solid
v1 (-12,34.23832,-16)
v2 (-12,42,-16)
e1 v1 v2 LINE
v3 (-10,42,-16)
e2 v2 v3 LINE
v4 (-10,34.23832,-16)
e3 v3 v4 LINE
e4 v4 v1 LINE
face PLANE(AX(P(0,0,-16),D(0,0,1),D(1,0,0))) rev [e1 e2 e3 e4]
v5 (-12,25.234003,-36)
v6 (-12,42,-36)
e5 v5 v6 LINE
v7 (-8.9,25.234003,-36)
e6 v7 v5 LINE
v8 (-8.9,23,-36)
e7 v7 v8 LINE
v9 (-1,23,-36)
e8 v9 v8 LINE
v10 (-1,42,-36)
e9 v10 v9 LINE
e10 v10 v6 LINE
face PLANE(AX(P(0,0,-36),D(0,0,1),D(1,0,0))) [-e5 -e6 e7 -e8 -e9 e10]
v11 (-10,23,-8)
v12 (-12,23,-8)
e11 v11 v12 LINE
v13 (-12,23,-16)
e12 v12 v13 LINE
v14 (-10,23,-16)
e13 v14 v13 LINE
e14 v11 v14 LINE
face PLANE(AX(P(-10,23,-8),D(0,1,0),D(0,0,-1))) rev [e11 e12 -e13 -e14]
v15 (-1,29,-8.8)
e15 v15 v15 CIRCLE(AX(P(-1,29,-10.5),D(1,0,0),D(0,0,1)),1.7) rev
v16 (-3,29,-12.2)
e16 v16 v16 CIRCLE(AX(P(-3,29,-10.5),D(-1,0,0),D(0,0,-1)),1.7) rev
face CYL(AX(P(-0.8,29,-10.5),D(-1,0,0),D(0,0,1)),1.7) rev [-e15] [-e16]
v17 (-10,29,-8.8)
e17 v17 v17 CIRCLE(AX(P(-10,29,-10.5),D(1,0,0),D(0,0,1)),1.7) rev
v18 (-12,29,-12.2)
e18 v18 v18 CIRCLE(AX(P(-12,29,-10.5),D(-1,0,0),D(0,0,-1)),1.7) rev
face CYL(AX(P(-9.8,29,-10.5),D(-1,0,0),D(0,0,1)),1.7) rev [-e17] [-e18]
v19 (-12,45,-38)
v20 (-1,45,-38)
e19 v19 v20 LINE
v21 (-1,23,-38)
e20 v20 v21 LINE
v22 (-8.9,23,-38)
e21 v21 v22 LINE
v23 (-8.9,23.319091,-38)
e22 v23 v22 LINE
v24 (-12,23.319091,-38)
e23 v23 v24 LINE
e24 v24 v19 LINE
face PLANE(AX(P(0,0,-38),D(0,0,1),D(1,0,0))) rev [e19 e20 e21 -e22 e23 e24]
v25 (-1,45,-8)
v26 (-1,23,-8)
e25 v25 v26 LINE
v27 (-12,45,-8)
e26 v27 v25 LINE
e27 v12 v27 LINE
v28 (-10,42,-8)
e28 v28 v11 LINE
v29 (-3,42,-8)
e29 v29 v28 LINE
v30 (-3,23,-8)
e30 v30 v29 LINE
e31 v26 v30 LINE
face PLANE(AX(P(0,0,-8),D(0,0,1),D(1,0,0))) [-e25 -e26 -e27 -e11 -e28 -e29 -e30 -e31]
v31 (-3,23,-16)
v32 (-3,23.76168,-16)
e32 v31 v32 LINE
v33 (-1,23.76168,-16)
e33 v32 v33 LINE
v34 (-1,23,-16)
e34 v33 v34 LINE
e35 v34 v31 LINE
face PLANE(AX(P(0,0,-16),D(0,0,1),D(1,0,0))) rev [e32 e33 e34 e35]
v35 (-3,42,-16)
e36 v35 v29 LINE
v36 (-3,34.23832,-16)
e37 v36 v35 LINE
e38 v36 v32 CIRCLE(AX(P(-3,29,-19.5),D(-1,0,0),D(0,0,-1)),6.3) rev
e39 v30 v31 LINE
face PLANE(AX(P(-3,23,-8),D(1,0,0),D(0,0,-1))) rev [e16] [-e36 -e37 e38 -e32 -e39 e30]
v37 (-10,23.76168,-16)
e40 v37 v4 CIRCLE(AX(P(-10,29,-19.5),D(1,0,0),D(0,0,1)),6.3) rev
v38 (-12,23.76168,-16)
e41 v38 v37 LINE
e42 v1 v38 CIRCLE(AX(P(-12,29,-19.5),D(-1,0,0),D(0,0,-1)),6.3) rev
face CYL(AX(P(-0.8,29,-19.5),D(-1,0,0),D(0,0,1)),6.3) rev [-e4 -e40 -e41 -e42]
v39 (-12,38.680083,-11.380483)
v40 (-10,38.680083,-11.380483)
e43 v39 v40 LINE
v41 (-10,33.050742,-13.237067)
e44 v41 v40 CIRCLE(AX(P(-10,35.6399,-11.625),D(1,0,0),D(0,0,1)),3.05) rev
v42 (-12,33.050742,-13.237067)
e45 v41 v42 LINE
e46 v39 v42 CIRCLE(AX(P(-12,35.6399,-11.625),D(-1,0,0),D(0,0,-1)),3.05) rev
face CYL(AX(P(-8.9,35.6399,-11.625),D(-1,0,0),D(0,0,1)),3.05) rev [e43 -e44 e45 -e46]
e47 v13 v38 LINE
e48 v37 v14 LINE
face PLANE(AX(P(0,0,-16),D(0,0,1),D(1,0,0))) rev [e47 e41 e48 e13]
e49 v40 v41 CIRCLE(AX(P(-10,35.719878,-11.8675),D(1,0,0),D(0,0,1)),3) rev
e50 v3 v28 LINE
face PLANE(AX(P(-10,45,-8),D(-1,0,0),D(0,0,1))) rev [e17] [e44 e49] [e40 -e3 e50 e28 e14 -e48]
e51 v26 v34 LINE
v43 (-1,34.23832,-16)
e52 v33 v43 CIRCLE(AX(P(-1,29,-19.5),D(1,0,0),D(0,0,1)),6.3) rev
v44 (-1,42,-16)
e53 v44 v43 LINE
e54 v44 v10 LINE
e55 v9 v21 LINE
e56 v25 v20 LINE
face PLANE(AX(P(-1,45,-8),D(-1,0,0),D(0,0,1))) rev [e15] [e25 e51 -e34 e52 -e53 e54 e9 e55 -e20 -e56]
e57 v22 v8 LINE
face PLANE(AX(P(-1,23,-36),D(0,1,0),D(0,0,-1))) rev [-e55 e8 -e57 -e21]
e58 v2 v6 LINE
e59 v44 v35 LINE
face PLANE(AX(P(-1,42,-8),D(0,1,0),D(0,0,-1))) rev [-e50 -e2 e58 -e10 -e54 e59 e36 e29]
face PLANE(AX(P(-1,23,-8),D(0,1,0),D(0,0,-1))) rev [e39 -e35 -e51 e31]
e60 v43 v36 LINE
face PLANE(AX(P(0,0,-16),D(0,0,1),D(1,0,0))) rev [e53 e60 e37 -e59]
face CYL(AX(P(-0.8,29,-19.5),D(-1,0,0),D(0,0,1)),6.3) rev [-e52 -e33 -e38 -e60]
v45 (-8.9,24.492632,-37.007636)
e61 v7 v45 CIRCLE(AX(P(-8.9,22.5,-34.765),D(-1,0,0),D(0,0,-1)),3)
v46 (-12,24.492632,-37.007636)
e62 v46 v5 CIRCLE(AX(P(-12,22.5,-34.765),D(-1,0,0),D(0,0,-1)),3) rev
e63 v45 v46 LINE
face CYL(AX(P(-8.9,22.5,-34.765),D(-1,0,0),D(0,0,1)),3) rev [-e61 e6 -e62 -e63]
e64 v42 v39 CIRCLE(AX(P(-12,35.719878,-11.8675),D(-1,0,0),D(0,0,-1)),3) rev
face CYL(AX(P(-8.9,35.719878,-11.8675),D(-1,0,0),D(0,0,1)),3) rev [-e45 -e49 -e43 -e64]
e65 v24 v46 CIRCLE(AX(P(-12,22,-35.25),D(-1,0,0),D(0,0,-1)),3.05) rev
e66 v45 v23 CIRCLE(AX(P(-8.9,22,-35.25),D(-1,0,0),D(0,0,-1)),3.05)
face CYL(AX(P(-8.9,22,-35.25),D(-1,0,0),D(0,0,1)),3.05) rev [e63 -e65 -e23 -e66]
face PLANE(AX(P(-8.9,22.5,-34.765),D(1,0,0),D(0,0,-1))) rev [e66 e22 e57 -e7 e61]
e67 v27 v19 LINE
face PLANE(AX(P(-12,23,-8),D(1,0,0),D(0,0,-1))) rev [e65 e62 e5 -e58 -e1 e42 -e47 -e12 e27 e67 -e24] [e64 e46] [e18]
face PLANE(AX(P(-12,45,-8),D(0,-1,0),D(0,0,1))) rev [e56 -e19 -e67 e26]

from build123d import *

# Parameters (mm, degrees)
REAR_LOCK_EAR_SKETCH_W             = 2
REAR_LOCK_EAR_SKETCH_H             = 22
REAR_LOCK_EAR_DEPTH                = 8
LOCK_FORK_WEB_SKETCH_W             = 11
LOCK_FORK_WEB_SKETCH_H             = 3
LOCK_FORK_WEB_DEPTH                = 30
FRONT_LOCK_EAR_SKETCH_W            = 2
FRONT_LOCK_EAR_SKETCH_H            = 22
FRONT_LOCK_EAR_DEPTH               = 8
FORK_MOUNTING_FOOT_SKETCH_W        = 11
FORK_MOUNTING_FOOT_SKETCH_H        = 22
FORK_MOUNTING_FOOT_DEPTH           = 2
COUPLING_BARREL_CLEARANCE_SKETCH_R = 6.3
COUPLING_BARREL_CLEARANCE_DEPTH    = 11.3
SERVICE_PIN_CLEARANCE_1_SKETCH_R   = 1.7
SERVICE_PIN_CLEARANCE_1_DEPTH      = 2.3
SERVICE_PIN_CLEARANCE_2_SKETCH_R   = 1.7
SERVICE_PIN_CLEARANCE_2_DEPTH      = 2.3
MOTOR_HEAD_ACCESS_1_1_SKETCH_R     = 3
MOTOR_HEAD_ACCESS_1_1_DEPTH        = 3.2
MOTOR_HEAD_ACCESS_1_5_SKETCH_R     = 3
MOTOR_HEAD_ACCESS_1_5_DEPTH        = 3.2
MOTOR_HEAD_ACCESS_2_1_SKETCH_R     = 3.05
MOTOR_HEAD_ACCESS_2_1_DEPTH        = 3.2
MOTOR_HEAD_ACCESS_2_5_SKETCH_R     = 3.05
MOTOR_HEAD_ACCESS_2_5_DEPTH        = 3.2


with BuildPart() as part:
    # Rear lock ear sketch → Rear lock ear (new body)
    with BuildSketch(Plane.XY.offset(-16)):
        with Locations((-11, -34)):
            Rectangle(REAR_LOCK_EAR_SKETCH_W, REAR_LOCK_EAR_SKETCH_H)
    extrude(amount=REAR_LOCK_EAR_DEPTH)

    # Lock fork web sketch → Lock fork web (add)
    with BuildSketch(Plane.XY.offset(-38)):
        with Locations((-6.5, -43.5)):
            Rectangle(LOCK_FORK_WEB_SKETCH_W, LOCK_FORK_WEB_SKETCH_H)
    extrude(amount=LOCK_FORK_WEB_DEPTH)

    # Front lock ear sketch → Front lock ear (add)
    with BuildSketch(Plane.XY.offset(-16)):
        with Locations((-2, -34)):
            Rectangle(FRONT_LOCK_EAR_SKETCH_W, FRONT_LOCK_EAR_SKETCH_H)
    extrude(amount=FRONT_LOCK_EAR_DEPTH)

    # Fork mounting foot sketch → Fork mounting foot (add)
    with BuildSketch(Plane.XY.offset(-38)):
        with Locations((-6.5, -34)):
            Rectangle(FORK_MOUNTING_FOOT_SKETCH_W, FORK_MOUNTING_FOOT_SKETCH_H)
    extrude(amount=FORK_MOUNTING_FOOT_DEPTH)

    # Coupling barrel clearance sketch → Coupling barrel clearance (cut)
    with BuildSketch(Plane(origin=(-12.1, 0, 0), x_dir=(0, 0, -1), z_dir=(1, 0, 0))):
        with Locations((19.5, -29)):
            Circle(COUPLING_BARREL_CLEARANCE_SKETCH_R)
    extrude(amount=COUPLING_BARREL_CLEARANCE_DEPTH, mode=Mode.SUBTRACT)

    # Service pin clearance 1 sketch → Service pin clearance 1 (cut)
    with BuildSketch(Plane(origin=(-12.1, 0, 0), x_dir=(0, 0, -1), z_dir=(1, 0, 0))):
        with Locations(Location((10.5, -29, 0), (0, 0, 180))):
            Circle(SERVICE_PIN_CLEARANCE_1_SKETCH_R)
    extrude(amount=SERVICE_PIN_CLEARANCE_1_DEPTH, mode=Mode.SUBTRACT)

    # Service pin clearance 2 sketch → Service pin clearance 2 (cut)
    with BuildSketch(Plane(origin=(-3.1, 0, 0), x_dir=(0, 0, -1), z_dir=(1, 0, 0))):
        with Locations(Location((10.5, -29, 0), (0, 0, 180))):
            Circle(SERVICE_PIN_CLEARANCE_2_SKETCH_R)
    extrude(amount=SERVICE_PIN_CLEARANCE_2_DEPTH, mode=Mode.SUBTRACT)

    # Motor head access 1-1 sketch → Motor head access 1-1 (cut)
    with BuildSketch(Plane(origin=(-12.1, 0, 0), x_dir=(0, 0, -1), z_dir=(1, 0, 0))):
        with Locations((34.765, -22.5)):
            Circle(MOTOR_HEAD_ACCESS_1_1_SKETCH_R)
    extrude(amount=MOTOR_HEAD_ACCESS_1_1_DEPTH, mode=Mode.SUBTRACT)

    # Motor head access 1-5 sketch → Motor head access 1-5 (cut)
    with BuildSketch(Plane(origin=(-12.1, 0, 0), x_dir=(0, 0, -1), z_dir=(1, 0, 0))):
        with Locations(Location((11.8675, -35.719877789, 0), (0, 0, 180))):
            Circle(MOTOR_HEAD_ACCESS_1_5_SKETCH_R)
    extrude(amount=MOTOR_HEAD_ACCESS_1_5_DEPTH, mode=Mode.SUBTRACT)

    # Motor head access 2-1 sketch → Motor head access 2-1 (cut)
    with BuildSketch(Plane(origin=(-12.1, 0, 0), x_dir=(0, 0, -1), z_dir=(1, 0, 0))):
        with Locations((35.25, -22)):
            Circle(MOTOR_HEAD_ACCESS_2_1_SKETCH_R)
    extrude(amount=MOTOR_HEAD_ACCESS_2_1_DEPTH, mode=Mode.SUBTRACT)

    # Motor head access 2-5 sketch → Motor head access 2-5 (cut)
    with BuildSketch(Plane(origin=(-12.1, 0, 0), x_dir=(0, 0, -1), z_dir=(1, 0, 0))):
        with Locations((11.625, -35.63990011)):
            Circle(MOTOR_HEAD_ACCESS_2_5_SKETCH_R)
    extrude(amount=MOTOR_HEAD_ACCESS_2_5_DEPTH, mode=Mode.SUBTRACT)


with BuildPart() as body_2:
    # Mirror1: mirrored copy
    add(part.part.mirror(Plane(origin=(0, 0, 0), x_dir=(0, 0, 1), z_dir=(0, -1, 0))))


solid = body_2.part
